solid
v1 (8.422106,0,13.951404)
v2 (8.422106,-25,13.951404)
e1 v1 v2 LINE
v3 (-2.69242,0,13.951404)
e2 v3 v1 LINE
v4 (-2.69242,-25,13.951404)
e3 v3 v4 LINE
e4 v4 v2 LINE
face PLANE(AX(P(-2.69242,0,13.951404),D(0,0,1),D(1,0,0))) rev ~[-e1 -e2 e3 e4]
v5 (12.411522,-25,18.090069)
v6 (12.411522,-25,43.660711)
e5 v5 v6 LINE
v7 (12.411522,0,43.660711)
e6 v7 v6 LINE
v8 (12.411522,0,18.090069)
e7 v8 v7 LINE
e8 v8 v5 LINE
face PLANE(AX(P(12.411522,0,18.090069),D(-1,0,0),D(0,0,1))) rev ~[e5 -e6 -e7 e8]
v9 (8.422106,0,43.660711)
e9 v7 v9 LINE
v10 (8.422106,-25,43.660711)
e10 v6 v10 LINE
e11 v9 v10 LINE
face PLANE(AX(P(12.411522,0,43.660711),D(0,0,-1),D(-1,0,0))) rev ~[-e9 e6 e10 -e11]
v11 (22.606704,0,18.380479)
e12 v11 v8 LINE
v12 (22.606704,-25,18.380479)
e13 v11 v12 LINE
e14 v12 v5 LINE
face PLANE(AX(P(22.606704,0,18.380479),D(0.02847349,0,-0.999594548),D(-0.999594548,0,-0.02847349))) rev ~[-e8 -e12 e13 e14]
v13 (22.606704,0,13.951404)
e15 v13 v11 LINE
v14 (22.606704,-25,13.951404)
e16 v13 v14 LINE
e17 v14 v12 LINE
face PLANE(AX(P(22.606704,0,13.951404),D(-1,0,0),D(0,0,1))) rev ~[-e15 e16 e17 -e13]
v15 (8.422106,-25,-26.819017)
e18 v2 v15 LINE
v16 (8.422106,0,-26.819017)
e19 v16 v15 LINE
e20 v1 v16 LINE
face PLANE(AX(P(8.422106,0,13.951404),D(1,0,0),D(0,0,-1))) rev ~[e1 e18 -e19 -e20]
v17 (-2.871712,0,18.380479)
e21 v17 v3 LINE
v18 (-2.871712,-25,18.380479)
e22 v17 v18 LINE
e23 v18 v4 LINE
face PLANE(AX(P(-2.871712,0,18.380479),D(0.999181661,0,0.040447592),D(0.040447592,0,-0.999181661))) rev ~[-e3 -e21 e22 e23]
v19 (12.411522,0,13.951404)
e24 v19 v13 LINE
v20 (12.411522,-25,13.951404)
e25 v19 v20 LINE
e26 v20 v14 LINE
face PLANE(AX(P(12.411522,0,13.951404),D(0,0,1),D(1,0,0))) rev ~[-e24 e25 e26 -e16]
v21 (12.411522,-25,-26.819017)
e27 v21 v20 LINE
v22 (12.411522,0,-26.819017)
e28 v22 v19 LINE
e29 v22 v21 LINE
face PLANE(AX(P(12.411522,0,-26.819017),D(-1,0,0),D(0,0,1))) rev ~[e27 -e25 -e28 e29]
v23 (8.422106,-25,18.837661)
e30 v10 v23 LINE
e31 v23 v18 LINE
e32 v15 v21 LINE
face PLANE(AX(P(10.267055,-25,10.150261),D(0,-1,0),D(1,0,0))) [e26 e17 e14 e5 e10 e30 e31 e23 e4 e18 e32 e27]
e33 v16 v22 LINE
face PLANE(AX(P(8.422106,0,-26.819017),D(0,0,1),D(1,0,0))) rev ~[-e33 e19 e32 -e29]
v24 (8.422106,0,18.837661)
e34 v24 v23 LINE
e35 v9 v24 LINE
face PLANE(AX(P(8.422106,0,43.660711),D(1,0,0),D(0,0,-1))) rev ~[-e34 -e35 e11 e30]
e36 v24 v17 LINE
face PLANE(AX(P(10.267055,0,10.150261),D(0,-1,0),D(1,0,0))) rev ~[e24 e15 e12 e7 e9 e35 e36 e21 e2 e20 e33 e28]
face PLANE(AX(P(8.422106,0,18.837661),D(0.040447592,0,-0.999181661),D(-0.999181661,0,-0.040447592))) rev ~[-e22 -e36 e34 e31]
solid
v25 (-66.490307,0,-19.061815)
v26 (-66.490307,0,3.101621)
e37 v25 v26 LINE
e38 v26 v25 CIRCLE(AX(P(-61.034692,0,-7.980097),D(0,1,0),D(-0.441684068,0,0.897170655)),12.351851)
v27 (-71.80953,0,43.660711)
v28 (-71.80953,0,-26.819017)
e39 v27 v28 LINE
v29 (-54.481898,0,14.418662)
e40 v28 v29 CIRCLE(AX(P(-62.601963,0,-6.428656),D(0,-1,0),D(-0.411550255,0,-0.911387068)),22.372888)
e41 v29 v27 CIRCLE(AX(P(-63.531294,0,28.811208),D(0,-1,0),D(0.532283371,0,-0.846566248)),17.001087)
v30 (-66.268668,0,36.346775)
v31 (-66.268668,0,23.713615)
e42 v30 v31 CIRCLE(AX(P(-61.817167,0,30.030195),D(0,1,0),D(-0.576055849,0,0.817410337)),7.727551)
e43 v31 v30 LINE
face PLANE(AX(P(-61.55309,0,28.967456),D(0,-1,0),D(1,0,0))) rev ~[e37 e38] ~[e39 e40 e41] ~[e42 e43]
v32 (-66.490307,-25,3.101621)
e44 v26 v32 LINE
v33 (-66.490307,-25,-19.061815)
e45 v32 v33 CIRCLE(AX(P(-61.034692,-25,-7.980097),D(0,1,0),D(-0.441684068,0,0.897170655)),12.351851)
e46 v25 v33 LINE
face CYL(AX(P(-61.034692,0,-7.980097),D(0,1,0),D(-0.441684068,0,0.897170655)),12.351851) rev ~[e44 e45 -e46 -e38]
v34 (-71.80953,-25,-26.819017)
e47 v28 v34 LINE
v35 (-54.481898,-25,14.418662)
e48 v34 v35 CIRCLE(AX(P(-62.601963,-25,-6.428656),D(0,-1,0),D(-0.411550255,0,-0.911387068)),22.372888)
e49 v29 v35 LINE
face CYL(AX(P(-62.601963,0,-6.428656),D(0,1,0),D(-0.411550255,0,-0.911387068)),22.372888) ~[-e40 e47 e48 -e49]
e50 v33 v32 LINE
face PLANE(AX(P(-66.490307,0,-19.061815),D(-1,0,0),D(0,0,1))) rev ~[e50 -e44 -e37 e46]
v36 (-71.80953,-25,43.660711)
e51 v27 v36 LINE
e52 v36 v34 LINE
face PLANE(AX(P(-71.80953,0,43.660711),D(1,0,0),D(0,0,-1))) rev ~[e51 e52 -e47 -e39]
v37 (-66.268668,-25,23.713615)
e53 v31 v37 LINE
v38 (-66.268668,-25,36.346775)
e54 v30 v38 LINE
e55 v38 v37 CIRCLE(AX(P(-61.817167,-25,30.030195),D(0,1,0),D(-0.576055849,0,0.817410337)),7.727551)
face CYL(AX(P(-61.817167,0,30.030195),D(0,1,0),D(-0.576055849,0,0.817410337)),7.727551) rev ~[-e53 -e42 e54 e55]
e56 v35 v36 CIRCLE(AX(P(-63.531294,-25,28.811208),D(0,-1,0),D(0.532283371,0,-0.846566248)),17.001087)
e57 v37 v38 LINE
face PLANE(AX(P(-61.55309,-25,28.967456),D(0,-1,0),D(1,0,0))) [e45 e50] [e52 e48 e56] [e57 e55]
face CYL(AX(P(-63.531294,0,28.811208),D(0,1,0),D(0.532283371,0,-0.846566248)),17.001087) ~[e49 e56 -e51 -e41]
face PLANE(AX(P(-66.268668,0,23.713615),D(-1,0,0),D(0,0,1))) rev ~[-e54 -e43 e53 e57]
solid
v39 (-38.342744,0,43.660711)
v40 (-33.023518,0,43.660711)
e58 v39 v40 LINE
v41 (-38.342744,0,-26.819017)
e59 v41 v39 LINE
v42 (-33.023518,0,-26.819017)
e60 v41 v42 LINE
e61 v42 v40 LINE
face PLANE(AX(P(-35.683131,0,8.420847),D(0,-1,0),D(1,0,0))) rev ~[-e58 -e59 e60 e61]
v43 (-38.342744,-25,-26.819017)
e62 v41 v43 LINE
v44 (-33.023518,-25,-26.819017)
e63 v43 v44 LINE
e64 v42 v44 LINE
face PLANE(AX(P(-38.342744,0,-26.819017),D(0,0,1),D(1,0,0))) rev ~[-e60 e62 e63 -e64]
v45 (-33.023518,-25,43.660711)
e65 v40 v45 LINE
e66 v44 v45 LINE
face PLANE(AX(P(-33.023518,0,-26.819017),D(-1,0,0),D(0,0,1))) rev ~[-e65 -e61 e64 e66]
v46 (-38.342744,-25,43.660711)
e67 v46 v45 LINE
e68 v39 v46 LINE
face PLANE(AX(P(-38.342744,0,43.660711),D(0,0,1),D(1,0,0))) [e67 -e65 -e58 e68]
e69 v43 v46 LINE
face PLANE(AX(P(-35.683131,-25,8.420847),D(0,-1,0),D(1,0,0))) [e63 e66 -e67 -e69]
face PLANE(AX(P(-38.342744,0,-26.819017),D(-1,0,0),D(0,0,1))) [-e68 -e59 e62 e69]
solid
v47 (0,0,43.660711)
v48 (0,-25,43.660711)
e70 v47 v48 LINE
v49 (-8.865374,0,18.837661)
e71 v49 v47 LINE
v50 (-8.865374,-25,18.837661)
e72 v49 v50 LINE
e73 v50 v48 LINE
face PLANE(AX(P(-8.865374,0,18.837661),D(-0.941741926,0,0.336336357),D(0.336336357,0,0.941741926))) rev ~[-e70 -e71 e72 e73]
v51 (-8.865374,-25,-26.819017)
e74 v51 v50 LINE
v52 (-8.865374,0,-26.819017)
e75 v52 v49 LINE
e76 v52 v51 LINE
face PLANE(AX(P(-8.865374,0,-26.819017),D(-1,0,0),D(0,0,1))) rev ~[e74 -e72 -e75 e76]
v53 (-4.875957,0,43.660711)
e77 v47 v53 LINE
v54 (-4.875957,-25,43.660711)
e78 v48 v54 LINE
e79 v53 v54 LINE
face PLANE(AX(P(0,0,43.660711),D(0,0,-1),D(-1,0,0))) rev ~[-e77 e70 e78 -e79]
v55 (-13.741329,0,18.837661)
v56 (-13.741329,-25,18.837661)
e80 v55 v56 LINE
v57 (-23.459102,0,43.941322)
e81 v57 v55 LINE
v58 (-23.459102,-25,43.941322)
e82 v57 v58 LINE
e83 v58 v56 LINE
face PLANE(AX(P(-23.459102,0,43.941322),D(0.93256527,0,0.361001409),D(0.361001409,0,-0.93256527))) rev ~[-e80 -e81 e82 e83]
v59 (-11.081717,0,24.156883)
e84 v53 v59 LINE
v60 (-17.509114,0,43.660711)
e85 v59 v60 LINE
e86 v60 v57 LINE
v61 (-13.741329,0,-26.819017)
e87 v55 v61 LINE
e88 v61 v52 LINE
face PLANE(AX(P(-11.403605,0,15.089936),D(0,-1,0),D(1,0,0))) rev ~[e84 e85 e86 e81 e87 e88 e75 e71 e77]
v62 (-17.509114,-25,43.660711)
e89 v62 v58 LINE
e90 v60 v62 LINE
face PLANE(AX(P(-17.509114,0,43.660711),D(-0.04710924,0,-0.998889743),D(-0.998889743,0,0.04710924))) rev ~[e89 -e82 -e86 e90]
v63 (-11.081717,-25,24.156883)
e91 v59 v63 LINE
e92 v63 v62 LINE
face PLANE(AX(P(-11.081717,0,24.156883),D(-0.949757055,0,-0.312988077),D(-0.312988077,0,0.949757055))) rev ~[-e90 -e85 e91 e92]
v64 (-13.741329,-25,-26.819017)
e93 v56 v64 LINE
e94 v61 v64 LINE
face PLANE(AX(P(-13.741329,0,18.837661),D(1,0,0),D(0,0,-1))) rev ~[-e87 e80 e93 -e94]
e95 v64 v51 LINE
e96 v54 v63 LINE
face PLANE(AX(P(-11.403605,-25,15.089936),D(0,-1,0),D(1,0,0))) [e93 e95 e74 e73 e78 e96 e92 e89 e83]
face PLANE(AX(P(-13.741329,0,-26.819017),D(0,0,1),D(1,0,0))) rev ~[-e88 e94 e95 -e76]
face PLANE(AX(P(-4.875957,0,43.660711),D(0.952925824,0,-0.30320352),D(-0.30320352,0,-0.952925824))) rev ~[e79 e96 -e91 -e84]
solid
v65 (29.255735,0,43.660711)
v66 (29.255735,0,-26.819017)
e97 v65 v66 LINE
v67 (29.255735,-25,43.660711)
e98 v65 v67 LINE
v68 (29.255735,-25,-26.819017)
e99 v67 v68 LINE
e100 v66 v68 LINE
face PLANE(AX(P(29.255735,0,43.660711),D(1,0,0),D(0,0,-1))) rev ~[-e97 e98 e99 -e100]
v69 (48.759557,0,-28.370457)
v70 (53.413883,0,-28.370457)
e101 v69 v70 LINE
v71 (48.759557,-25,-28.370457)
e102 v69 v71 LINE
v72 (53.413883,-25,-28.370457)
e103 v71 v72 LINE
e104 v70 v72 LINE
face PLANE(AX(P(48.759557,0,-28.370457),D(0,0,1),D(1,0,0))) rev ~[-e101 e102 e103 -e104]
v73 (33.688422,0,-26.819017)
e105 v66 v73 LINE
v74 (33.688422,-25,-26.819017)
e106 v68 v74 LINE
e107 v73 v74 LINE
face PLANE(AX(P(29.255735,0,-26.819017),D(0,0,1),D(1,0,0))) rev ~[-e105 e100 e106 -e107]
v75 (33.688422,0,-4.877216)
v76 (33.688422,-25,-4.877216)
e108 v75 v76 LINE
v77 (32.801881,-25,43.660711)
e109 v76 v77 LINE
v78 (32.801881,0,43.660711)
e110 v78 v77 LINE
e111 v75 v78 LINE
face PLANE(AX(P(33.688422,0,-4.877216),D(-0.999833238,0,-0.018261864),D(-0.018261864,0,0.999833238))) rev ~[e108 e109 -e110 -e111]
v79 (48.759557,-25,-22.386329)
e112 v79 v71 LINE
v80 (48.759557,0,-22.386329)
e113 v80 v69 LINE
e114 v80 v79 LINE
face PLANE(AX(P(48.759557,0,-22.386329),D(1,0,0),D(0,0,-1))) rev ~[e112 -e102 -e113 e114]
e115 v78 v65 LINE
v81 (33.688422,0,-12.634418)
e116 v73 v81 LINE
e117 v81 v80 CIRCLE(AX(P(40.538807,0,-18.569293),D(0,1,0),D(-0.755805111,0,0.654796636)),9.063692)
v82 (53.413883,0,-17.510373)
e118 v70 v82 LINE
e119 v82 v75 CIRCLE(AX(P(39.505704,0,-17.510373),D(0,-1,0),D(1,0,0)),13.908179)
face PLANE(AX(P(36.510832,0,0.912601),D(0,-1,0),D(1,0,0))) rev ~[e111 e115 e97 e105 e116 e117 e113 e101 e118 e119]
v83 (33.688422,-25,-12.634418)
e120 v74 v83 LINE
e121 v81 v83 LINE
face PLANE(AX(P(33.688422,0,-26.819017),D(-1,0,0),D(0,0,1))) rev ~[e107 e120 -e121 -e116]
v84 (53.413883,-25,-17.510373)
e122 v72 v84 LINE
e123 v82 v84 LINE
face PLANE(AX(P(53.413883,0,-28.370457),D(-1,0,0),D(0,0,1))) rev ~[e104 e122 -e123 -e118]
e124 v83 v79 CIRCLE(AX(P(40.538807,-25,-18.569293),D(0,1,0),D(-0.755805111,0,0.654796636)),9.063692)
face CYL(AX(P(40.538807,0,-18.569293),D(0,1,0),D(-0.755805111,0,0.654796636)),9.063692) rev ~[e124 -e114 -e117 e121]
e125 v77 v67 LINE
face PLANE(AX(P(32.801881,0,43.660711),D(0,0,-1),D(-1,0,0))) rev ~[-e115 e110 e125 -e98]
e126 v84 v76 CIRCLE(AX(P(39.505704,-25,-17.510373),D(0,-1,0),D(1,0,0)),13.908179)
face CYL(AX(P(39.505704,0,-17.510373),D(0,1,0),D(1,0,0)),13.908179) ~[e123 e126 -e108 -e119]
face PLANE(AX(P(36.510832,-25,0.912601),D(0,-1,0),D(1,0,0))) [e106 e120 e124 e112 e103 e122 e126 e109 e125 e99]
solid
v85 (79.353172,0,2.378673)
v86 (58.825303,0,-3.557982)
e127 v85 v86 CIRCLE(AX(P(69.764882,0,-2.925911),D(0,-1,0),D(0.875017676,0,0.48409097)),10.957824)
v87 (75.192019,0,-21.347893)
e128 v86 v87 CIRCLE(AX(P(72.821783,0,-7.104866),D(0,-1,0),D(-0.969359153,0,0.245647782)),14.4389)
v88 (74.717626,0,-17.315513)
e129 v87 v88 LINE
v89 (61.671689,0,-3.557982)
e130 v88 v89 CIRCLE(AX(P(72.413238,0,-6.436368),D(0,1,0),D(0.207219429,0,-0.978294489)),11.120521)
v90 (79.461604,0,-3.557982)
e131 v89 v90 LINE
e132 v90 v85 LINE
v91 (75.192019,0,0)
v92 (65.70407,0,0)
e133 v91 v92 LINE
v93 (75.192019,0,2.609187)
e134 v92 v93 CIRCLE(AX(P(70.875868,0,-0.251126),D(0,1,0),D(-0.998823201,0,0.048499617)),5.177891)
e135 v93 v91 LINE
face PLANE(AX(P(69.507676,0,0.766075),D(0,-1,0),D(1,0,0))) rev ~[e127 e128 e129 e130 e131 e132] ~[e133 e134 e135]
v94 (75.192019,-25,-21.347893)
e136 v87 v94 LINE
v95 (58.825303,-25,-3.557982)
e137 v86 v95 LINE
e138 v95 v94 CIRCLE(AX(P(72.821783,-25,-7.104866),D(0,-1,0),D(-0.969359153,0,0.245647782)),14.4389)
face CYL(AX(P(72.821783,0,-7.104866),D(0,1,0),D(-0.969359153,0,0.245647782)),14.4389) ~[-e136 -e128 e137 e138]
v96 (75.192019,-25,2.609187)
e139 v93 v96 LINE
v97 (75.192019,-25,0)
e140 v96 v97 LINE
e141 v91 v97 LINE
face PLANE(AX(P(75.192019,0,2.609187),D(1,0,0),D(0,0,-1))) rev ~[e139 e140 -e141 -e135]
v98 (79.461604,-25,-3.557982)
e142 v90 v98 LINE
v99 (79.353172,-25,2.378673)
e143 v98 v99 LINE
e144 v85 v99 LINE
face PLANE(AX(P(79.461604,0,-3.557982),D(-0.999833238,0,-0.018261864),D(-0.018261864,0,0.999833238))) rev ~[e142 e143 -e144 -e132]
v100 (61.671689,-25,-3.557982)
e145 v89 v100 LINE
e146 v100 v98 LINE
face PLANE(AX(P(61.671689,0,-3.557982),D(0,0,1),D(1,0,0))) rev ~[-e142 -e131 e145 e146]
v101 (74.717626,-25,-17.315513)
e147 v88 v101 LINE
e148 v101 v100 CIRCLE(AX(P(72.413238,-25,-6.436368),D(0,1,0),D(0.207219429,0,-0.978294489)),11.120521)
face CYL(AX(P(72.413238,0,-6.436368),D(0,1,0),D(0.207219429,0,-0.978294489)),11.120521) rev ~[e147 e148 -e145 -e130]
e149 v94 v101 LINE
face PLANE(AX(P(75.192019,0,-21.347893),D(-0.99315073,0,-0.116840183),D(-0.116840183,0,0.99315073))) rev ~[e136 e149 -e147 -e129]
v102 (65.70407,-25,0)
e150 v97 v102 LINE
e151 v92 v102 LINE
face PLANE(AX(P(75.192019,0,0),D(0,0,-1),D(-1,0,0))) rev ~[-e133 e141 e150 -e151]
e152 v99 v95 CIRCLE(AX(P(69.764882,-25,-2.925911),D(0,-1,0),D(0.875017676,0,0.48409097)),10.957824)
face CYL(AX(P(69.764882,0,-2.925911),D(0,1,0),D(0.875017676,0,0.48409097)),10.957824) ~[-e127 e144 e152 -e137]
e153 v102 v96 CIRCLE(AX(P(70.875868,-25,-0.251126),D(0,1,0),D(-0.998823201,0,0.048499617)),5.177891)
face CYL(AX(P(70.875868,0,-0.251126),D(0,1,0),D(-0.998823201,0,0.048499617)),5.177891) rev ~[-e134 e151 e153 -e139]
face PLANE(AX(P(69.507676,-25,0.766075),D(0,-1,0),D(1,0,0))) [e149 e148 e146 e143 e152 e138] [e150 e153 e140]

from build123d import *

# Parameters (mm, degrees)
F1_DEPTH = 25
F0_W     = 5.3192265332
F0_H     = 70.4797282815


with BuildPart() as f1:
    # F0 (on Front) → F1 (new body)
    with BuildSketch(Plane.XZ):
        with BuildLine():
            ThreePointArc((-54.4818983576, 14.4186617885), (-48.9051859477, 37.478036073), (-71.8095302582, 43.6607114971))
            Line((-71.8095302582, 43.6607114971), (-71.8095302582, 13.9617044479))
            ThreePointArc((-71.8095302582, 13.9617044479), (-63.1917663129, 15.9364559562), (-54.4818983576, 14.4186617885))
        make_face()
        with BuildLine():
            Line((-66.2686675787, 23.7136147916), (-66.2686675787, 36.3467745483))
            ThreePointArc((-66.2686675787, 36.3467745483), (-54.0896159927, 30.03019467), (-66.2686675787, 23.7136147916))
        make_face(mode=Mode.SUBTRACT)
        with BuildLine():
            ThreePointArc((-54.4818983576, 14.4186617885), (-63.1917663129, 15.9364559562), (-71.8095302582, 13.9617044479))
            ThreePointArc((-71.8095302582, 13.9617044479), (-63.0831040963, 11.8160299913), (-54.4818983576, 14.4186617885))
        make_face()
        with BuildLine():
            ThreePointArc((-54.4818983576, 14.4186617885), (-63.0831040963, 11.8160299913), (-71.8095302582, 13.9617044479))
            Line((-71.8095302582, 13.9617044479), (-71.8095302582, -26.8190167844))
            ThreePointArc((-71.8095302582, -26.8190167844), (-41.9759547282, -15.0954842688), (-54.4818983576, 14.4186617885))
        make_face()
        with BuildLine():
            Line((-66.4903074503, -19.0618149936), (-66.4903074503, 3.1016212888))
            ThreePointArc((-66.4903074503, 3.1016212888), (-48.6828408255, -7.9800968524), (-66.4903074503, -19.0618149936))
        make_face(mode=Mode.SUBTRACT)
    extrude(amount=F1_DEPTH)


with BuildPart() as f1b:
    # F0 (on Front) → F1, piece 2 (new body)
    with BuildSketch(Plane.XZ):
        with Locations((-35.6831308454, 8.4208473563)):
            Rectangle(F0_W, F0_H)
    extrude(amount=F1_DEPTH)


with BuildPart() as f1c:
    # F0 (on Front) → F1, piece 3 (new body)
    with BuildSketch(Plane.XZ):
        Polygon((-11.0817169771, 24.156883359), (-17.5091139972, 43.6607114971), (-23.459102025, 43.9413224618), (-13.7413293123, 18.8376605511), (-13.7413293123, -26.8190167844), (-8.8653741404, -26.8190167844), (-8.8653741404, 18.8376605511), (0, 43.6607114971), (-4.8759565689, 43.6607114971), align=None)
    extrude(amount=F1_DEPTH)


with BuildPart() as f1d:
    # F0 (on Front) → F1, piece 4 (new body)
    with BuildSketch(Plane.XZ):
        Polygon((12.4115217477, 43.6607114971), (8.4221055731, 43.6607114971), (8.4221055731, 18.8376605511), (-2.8717121823, 18.3804786922), (-2.6924200742, 13.9514044519), (8.4221055731, 13.9514044519), (8.4221055731, -26.8190167844), (12.4115217477, -26.8190167844), (12.4115217477, 13.9514044519), (22.6067043841, 13.9514044519), (22.6067043841, 18.3804786922), (12.4115217477, 18.0900685123), align=None)
    extrude(amount=F1_DEPTH)


with BuildPart() as f1e:
    # F0 (on Front) → F1, piece 5 (new body)
    with BuildSketch(Plane.XZ):
        with BuildLine():
            Line((32.8018814325, 43.6607114971), (29.2557347566, 43.6607114971))
            Line((29.2557347566, 43.6607114971), (29.2557347566, -26.8190167844))
            Line((29.2557347566, -26.8190167844), (33.6884222925, -26.8190167844))
            Line((33.6884222925, -26.8190167844), (33.6884222925, -12.6344179735))
            ThreePointArc((33.6884222925, -12.6344179735), (45.4626689986, -10.9596878338), (48.7595573068, -22.3863292485))
            Line((48.7595573068, -22.3863292485), (48.7595573068, -24.1594035178))
            Line((48.7595573068, -24.1594035178), (48.7595573068, -28.3704567701))
            Line((48.7595573068, -28.3704567701), (53.4138828516, -28.3704567701))
            Line((53.4138828516, -28.3704567701), (53.4138828516, -17.5103731453))
            ThreePointArc((53.4138828516, -17.5103731453), (47.0066920572, -5.7983017991), (33.6884222925, -4.877215717))
            Line((33.6884222925, -4.877215717), (32.8018814325, 43.6607114971))
        make_face()
    extrude(amount=F1_DEPTH)


with BuildPart() as f1f:
    # F0 (on Front) → F1, piece 6 (new body)
    with BuildSketch(Plane.XZ):
        with BuildLine():
            ThreePointArc((79.3531718945, 2.3786725415), (66.7206313165, 7.6005529037), (58.8253028691, -3.5579821561))
            Line((58.8253028691, -3.5579821561), (61.6716891527, -3.5579821561))
            Line((61.6716891527, -3.5579821561), (79.4616043568, -3.5579821561))
            Line((79.4616043568, -3.5579821561), (79.3531718945, 2.3786725415))
        make_face()
        with BuildLine():
            Line((75.1920193434, 0), (65.7040700316, 0))
            ThreePointArc((65.7040700316, 0), (69.5029158711, 4.7414244812), (75.1920193434, 2.6091868058))
            Line((75.1920193434, 2.6091868058), (75.1920193434, 0))
        make_face(mode=Mode.SUBTRACT)
        with BuildLine():
            Line((61.6716891527, -3.5579821561), (58.8253028691, -3.5579821561))
            ThreePointArc((58.8253028691, -3.5579821561), (62.1957480127, -16.8808173187), (75.1920193434, -21.347893402))
            Line((75.1920193434, -21.347893402), (74.7176259756, -17.3155125231))
            ThreePointArc((74.7176259756, -17.3155125231), (64.3439238342, -14.0883059858), (61.6716891527, -3.5579821561))
        make_face()
    extrude(amount=F1_DEPTH)


solid = Compound([f1.part, f1b.part, f1c.part, f1d.part, f1e.part, f1f.part])
